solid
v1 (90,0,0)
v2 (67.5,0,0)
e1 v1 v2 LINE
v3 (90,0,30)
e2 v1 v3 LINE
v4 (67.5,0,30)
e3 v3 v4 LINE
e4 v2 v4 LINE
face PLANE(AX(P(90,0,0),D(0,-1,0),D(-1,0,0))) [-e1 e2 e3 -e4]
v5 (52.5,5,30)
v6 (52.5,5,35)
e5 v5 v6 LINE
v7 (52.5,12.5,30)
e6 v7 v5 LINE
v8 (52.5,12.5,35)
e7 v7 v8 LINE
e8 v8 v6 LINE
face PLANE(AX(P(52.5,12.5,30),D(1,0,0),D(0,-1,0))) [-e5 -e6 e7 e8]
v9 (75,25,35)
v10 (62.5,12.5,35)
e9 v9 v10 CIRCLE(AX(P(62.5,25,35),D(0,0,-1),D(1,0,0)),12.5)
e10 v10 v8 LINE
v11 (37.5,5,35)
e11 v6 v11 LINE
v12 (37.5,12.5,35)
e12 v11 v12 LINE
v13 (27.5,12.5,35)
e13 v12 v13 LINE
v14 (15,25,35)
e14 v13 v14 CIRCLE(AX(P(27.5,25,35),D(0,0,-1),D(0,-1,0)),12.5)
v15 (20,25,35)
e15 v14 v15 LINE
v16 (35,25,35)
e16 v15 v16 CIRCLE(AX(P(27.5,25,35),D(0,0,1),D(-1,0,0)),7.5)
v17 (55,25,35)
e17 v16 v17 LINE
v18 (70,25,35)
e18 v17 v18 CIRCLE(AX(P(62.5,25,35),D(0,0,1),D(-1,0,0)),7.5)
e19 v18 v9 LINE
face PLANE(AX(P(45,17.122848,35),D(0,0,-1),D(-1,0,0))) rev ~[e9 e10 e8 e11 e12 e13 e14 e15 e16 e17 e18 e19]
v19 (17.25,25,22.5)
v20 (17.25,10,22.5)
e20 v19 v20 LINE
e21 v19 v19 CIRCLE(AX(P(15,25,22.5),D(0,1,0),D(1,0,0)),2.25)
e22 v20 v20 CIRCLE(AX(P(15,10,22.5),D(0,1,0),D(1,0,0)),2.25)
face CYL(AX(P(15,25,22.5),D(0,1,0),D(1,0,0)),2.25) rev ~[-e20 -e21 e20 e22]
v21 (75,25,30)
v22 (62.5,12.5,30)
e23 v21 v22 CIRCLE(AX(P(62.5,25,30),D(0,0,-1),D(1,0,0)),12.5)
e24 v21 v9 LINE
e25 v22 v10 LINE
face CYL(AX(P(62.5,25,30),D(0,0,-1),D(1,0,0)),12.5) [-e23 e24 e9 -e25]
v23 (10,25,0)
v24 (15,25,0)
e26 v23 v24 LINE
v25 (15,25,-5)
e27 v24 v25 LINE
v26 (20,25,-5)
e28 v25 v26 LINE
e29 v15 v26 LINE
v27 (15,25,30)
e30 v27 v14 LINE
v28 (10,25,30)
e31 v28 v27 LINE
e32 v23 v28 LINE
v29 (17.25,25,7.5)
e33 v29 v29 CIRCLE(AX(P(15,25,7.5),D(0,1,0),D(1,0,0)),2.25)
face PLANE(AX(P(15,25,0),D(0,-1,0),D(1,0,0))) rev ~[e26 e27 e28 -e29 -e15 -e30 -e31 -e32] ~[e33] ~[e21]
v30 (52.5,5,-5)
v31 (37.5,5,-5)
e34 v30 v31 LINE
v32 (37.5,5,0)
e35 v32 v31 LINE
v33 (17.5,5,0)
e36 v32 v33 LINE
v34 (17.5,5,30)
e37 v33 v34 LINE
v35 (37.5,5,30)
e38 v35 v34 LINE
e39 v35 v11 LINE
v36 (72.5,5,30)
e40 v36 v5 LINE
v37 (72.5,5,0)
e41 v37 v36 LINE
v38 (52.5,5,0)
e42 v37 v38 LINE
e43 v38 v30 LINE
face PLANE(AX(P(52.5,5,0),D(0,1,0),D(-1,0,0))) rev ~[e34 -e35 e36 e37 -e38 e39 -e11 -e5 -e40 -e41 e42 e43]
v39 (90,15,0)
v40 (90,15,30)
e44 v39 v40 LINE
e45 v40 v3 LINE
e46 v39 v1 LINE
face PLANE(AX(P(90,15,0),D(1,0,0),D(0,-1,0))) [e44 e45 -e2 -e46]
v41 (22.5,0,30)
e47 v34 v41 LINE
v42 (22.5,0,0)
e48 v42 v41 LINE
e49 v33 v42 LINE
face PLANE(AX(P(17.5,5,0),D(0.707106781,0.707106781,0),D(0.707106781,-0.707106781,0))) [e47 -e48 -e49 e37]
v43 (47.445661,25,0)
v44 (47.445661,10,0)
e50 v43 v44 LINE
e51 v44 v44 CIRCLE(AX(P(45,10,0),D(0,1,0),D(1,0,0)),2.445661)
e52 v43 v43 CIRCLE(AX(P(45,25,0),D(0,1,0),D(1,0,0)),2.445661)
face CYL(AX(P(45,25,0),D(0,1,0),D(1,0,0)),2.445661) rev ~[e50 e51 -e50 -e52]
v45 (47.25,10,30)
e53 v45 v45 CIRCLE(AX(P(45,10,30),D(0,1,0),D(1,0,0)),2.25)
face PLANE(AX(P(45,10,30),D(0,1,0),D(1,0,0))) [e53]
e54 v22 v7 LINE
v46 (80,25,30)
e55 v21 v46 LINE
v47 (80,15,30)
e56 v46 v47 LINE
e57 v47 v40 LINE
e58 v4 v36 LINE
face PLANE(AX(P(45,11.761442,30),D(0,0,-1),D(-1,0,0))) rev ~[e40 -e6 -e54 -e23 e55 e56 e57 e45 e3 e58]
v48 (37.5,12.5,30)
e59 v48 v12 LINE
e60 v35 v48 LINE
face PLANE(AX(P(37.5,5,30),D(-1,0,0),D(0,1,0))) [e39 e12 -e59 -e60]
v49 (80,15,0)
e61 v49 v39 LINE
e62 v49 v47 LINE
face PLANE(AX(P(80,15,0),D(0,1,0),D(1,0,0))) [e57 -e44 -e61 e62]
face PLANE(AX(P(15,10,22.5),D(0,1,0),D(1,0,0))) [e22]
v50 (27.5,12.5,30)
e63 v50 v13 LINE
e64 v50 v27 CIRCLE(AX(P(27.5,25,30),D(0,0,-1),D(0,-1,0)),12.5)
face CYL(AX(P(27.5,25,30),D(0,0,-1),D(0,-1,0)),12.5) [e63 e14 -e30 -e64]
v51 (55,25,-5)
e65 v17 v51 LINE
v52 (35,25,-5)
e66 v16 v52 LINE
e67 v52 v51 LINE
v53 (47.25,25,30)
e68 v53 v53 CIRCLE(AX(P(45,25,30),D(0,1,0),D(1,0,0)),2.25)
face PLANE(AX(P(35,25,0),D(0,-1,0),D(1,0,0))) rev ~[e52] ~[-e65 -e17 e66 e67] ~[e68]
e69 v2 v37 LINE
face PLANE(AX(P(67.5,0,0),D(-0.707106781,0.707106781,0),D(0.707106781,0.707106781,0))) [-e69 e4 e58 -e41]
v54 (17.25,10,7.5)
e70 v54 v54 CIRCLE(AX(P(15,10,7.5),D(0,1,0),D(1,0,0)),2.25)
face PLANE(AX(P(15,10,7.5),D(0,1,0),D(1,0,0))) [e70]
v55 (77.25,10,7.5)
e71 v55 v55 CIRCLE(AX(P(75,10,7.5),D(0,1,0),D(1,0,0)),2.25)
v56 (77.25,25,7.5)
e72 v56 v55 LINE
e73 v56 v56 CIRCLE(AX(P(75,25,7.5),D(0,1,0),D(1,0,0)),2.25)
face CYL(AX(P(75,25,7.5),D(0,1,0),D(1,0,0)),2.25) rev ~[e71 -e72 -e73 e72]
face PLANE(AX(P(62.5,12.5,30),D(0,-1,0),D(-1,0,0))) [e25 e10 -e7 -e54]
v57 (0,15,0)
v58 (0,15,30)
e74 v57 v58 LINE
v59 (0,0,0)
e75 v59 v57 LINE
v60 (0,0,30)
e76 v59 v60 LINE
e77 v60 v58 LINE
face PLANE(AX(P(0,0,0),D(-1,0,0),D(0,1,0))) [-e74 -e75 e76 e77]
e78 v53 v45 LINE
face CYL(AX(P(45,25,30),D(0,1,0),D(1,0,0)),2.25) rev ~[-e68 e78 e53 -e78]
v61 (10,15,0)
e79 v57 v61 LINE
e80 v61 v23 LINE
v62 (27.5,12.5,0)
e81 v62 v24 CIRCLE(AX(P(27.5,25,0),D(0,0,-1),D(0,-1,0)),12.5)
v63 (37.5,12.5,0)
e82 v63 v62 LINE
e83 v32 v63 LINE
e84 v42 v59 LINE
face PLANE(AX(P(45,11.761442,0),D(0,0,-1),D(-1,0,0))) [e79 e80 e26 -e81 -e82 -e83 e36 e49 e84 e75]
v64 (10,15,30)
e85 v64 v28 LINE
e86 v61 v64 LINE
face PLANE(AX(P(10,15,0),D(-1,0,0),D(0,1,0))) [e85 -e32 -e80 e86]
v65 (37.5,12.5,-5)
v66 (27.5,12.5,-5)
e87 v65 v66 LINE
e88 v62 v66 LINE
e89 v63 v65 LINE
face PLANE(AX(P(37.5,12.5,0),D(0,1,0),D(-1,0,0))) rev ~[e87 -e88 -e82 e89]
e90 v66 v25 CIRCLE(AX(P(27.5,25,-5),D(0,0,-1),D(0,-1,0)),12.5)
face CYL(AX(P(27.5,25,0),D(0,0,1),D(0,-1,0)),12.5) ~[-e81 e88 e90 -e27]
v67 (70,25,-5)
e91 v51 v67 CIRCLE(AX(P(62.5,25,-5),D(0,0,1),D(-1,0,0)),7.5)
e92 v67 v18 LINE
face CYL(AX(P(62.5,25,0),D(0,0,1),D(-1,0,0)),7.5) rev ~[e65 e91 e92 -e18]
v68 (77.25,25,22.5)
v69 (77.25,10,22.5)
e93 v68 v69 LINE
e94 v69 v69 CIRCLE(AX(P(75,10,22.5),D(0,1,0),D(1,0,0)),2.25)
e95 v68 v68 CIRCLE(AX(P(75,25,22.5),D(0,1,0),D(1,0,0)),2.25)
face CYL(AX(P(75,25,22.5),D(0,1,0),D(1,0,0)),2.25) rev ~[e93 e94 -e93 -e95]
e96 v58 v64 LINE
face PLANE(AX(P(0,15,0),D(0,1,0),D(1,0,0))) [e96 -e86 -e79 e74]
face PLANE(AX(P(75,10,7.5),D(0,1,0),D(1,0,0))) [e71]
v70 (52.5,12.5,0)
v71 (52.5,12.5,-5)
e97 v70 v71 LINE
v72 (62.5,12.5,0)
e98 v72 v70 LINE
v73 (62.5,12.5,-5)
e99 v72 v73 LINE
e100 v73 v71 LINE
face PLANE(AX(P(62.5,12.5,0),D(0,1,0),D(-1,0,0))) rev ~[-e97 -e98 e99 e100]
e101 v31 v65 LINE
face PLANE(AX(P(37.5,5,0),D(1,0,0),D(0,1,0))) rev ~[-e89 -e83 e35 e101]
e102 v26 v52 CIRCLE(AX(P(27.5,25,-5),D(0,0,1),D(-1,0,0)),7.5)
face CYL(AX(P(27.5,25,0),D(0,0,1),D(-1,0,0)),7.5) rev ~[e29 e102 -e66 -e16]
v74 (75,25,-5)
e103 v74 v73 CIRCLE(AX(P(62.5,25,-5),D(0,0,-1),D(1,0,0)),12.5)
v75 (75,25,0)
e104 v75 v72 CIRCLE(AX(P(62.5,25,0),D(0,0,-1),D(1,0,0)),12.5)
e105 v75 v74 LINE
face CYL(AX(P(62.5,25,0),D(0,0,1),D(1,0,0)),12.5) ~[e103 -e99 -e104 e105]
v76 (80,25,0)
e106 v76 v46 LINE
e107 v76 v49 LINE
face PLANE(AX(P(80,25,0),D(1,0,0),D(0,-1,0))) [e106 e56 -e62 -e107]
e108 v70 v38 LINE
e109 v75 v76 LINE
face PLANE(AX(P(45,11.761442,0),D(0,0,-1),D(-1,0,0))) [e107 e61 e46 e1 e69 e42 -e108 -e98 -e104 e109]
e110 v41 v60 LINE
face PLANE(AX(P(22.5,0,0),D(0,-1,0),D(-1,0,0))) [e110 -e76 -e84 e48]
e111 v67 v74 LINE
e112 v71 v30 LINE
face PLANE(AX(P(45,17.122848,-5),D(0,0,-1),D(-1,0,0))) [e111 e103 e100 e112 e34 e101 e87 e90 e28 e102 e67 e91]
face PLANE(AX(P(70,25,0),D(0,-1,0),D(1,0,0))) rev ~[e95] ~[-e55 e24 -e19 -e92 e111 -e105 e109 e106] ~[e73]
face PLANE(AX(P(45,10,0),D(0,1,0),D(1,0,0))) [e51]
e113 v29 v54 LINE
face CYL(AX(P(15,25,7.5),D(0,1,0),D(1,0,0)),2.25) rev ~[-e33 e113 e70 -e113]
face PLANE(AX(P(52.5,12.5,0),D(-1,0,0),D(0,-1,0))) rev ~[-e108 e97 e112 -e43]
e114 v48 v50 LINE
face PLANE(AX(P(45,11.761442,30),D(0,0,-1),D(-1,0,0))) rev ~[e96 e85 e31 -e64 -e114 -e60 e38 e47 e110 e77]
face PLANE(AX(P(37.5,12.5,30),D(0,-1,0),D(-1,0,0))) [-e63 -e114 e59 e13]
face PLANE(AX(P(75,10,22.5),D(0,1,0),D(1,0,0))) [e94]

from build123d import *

# Parameters (mm, degrees)
BOSS_EXTRUDE2_DEPTH = 30
BOSS_EXTRUDE3_DEPTH = 5
BOSS_EXTRUDE4_DEPTH = 5
SKETCH5_R           = 2.25
SKETCH5_R_2         = 2.445661488
CUT_EXTRUDE2_DEPTH  = 15


with BuildPart() as part:
    # Sketch1 → Boss-Extrude2 (new body)
    with BuildSketch(Plane.XY):
        with BuildLine():
            Line((0, 0), (0, 15))
            Line((0, 15), (10, 15))
            Line((10, 15), (10, 25))
            Line((10, 25), (20, 25))
            ThreePointArc((20, 25), (27.5, 17.5), (35, 25))
            Line((35, 25), (55, 25))
            ThreePointArc((55, 25), (62.5, 17.5), (70, 25))
            Line((70, 25), (80, 25))
            Line((80, 25), (80, 15))
            Line((80, 15), (90, 15))
            Line((90, 15), (90, 0))
            Line((90, 0), (67.5, 0))
            Line((67.5, 0), (72.5, 5))
            Line((72.5, 5), (17.5, 5))
            Line((17.5, 5), (22.5, 0))
            Line((22.5, 0), (0, 0))
        make_face()
    extrude(amount=BOSS_EXTRUDE2_DEPTH)

    # Sketch3 → Boss-Extrude3 (add)
    with BuildSketch(Plane.XY.offset(30)):
        with BuildLine():
            Line((70, 25), (75, 25))
            ThreePointArc((75, 25), (71.338834765, 16.161165235), (62.5, 12.5))
            Line((62.5, 12.5), (52.5, 12.5))
            Line((52.5, 12.5), (52.5, 5))
            Line((52.5, 5), (37.5, 5))
            Line((37.5, 5), (37.5, 12.5))
            Line((37.5, 12.5), (27.5, 12.5))
            ThreePointArc((27.5, 12.5), (18.661165235, 16.161165235), (15, 25))
            Line((15, 25), (20, 25))
            ThreePointArc((20, 25), (27.5, 17.5), (35, 25))
            Line((35, 25), (55, 25))
            ThreePointArc((55, 25), (62.5, 17.5), (70, 25))
        make_face()
    extrude(amount=BOSS_EXTRUDE3_DEPTH)

    # Sketch4 → Boss-Extrude4 (add)
    with BuildSketch(Plane(origin=(0, 0, 0), x_dir=(-1, 0, 0), z_dir=(0, 0, -1))):
        with BuildLine():
            Line((-62.5, 12.5), (-52.5, 12.5))
            Line((-52.5, 12.5), (-52.5, 5))
            Line((-52.5, 5), (-37.5, 5))
            Line((-37.5, 5), (-37.5, 12.5))
            Line((-37.5, 12.5), (-27.5, 12.5))
            ThreePointArc((-27.5, 12.5), (-18.661165235, 16.161165235), (-15, 25))
            Line((-15, 25), (-20, 25))
            ThreePointArc((-20, 25), (-27.5, 17.5), (-35, 25))
            Line((-35, 25), (-55, 25))
            ThreePointArc((-55, 25), (-62.5, 17.5), (-70, 25))
            Line((-70, 25), (-75, 25))
            ThreePointArc((-75, 25), (-71.338834765, 16.161165235), (-62.5, 12.5))
        make_face()
    extrude(amount=BOSS_EXTRUDE4_DEPTH)

    # Sketch5 → Cut-Extrude2 (cut)
    with BuildSketch(Plane(origin=(0, 25, 0), x_dir=(1, 0, 0), z_dir=(0, 1, 0))):
        with Locations((75, -7.5)):
            Circle(SKETCH5_R)
        with Locations((75, -22.5)):
            Circle(SKETCH5_R)
        with Locations((15, -22.5)):
            Circle(SKETCH5_R)
        with Locations((15, -7.5)):
            Circle(SKETCH5_R)
        with Locations((45, 0)):
            Circle(SKETCH5_R_2)
        with Locations((45, -30)):
            Circle(SKETCH5_R)
    extrude(amount=-CUT_EXTRUDE2_DEPTH, mode=Mode.SUBTRACT)


solid = part.part
